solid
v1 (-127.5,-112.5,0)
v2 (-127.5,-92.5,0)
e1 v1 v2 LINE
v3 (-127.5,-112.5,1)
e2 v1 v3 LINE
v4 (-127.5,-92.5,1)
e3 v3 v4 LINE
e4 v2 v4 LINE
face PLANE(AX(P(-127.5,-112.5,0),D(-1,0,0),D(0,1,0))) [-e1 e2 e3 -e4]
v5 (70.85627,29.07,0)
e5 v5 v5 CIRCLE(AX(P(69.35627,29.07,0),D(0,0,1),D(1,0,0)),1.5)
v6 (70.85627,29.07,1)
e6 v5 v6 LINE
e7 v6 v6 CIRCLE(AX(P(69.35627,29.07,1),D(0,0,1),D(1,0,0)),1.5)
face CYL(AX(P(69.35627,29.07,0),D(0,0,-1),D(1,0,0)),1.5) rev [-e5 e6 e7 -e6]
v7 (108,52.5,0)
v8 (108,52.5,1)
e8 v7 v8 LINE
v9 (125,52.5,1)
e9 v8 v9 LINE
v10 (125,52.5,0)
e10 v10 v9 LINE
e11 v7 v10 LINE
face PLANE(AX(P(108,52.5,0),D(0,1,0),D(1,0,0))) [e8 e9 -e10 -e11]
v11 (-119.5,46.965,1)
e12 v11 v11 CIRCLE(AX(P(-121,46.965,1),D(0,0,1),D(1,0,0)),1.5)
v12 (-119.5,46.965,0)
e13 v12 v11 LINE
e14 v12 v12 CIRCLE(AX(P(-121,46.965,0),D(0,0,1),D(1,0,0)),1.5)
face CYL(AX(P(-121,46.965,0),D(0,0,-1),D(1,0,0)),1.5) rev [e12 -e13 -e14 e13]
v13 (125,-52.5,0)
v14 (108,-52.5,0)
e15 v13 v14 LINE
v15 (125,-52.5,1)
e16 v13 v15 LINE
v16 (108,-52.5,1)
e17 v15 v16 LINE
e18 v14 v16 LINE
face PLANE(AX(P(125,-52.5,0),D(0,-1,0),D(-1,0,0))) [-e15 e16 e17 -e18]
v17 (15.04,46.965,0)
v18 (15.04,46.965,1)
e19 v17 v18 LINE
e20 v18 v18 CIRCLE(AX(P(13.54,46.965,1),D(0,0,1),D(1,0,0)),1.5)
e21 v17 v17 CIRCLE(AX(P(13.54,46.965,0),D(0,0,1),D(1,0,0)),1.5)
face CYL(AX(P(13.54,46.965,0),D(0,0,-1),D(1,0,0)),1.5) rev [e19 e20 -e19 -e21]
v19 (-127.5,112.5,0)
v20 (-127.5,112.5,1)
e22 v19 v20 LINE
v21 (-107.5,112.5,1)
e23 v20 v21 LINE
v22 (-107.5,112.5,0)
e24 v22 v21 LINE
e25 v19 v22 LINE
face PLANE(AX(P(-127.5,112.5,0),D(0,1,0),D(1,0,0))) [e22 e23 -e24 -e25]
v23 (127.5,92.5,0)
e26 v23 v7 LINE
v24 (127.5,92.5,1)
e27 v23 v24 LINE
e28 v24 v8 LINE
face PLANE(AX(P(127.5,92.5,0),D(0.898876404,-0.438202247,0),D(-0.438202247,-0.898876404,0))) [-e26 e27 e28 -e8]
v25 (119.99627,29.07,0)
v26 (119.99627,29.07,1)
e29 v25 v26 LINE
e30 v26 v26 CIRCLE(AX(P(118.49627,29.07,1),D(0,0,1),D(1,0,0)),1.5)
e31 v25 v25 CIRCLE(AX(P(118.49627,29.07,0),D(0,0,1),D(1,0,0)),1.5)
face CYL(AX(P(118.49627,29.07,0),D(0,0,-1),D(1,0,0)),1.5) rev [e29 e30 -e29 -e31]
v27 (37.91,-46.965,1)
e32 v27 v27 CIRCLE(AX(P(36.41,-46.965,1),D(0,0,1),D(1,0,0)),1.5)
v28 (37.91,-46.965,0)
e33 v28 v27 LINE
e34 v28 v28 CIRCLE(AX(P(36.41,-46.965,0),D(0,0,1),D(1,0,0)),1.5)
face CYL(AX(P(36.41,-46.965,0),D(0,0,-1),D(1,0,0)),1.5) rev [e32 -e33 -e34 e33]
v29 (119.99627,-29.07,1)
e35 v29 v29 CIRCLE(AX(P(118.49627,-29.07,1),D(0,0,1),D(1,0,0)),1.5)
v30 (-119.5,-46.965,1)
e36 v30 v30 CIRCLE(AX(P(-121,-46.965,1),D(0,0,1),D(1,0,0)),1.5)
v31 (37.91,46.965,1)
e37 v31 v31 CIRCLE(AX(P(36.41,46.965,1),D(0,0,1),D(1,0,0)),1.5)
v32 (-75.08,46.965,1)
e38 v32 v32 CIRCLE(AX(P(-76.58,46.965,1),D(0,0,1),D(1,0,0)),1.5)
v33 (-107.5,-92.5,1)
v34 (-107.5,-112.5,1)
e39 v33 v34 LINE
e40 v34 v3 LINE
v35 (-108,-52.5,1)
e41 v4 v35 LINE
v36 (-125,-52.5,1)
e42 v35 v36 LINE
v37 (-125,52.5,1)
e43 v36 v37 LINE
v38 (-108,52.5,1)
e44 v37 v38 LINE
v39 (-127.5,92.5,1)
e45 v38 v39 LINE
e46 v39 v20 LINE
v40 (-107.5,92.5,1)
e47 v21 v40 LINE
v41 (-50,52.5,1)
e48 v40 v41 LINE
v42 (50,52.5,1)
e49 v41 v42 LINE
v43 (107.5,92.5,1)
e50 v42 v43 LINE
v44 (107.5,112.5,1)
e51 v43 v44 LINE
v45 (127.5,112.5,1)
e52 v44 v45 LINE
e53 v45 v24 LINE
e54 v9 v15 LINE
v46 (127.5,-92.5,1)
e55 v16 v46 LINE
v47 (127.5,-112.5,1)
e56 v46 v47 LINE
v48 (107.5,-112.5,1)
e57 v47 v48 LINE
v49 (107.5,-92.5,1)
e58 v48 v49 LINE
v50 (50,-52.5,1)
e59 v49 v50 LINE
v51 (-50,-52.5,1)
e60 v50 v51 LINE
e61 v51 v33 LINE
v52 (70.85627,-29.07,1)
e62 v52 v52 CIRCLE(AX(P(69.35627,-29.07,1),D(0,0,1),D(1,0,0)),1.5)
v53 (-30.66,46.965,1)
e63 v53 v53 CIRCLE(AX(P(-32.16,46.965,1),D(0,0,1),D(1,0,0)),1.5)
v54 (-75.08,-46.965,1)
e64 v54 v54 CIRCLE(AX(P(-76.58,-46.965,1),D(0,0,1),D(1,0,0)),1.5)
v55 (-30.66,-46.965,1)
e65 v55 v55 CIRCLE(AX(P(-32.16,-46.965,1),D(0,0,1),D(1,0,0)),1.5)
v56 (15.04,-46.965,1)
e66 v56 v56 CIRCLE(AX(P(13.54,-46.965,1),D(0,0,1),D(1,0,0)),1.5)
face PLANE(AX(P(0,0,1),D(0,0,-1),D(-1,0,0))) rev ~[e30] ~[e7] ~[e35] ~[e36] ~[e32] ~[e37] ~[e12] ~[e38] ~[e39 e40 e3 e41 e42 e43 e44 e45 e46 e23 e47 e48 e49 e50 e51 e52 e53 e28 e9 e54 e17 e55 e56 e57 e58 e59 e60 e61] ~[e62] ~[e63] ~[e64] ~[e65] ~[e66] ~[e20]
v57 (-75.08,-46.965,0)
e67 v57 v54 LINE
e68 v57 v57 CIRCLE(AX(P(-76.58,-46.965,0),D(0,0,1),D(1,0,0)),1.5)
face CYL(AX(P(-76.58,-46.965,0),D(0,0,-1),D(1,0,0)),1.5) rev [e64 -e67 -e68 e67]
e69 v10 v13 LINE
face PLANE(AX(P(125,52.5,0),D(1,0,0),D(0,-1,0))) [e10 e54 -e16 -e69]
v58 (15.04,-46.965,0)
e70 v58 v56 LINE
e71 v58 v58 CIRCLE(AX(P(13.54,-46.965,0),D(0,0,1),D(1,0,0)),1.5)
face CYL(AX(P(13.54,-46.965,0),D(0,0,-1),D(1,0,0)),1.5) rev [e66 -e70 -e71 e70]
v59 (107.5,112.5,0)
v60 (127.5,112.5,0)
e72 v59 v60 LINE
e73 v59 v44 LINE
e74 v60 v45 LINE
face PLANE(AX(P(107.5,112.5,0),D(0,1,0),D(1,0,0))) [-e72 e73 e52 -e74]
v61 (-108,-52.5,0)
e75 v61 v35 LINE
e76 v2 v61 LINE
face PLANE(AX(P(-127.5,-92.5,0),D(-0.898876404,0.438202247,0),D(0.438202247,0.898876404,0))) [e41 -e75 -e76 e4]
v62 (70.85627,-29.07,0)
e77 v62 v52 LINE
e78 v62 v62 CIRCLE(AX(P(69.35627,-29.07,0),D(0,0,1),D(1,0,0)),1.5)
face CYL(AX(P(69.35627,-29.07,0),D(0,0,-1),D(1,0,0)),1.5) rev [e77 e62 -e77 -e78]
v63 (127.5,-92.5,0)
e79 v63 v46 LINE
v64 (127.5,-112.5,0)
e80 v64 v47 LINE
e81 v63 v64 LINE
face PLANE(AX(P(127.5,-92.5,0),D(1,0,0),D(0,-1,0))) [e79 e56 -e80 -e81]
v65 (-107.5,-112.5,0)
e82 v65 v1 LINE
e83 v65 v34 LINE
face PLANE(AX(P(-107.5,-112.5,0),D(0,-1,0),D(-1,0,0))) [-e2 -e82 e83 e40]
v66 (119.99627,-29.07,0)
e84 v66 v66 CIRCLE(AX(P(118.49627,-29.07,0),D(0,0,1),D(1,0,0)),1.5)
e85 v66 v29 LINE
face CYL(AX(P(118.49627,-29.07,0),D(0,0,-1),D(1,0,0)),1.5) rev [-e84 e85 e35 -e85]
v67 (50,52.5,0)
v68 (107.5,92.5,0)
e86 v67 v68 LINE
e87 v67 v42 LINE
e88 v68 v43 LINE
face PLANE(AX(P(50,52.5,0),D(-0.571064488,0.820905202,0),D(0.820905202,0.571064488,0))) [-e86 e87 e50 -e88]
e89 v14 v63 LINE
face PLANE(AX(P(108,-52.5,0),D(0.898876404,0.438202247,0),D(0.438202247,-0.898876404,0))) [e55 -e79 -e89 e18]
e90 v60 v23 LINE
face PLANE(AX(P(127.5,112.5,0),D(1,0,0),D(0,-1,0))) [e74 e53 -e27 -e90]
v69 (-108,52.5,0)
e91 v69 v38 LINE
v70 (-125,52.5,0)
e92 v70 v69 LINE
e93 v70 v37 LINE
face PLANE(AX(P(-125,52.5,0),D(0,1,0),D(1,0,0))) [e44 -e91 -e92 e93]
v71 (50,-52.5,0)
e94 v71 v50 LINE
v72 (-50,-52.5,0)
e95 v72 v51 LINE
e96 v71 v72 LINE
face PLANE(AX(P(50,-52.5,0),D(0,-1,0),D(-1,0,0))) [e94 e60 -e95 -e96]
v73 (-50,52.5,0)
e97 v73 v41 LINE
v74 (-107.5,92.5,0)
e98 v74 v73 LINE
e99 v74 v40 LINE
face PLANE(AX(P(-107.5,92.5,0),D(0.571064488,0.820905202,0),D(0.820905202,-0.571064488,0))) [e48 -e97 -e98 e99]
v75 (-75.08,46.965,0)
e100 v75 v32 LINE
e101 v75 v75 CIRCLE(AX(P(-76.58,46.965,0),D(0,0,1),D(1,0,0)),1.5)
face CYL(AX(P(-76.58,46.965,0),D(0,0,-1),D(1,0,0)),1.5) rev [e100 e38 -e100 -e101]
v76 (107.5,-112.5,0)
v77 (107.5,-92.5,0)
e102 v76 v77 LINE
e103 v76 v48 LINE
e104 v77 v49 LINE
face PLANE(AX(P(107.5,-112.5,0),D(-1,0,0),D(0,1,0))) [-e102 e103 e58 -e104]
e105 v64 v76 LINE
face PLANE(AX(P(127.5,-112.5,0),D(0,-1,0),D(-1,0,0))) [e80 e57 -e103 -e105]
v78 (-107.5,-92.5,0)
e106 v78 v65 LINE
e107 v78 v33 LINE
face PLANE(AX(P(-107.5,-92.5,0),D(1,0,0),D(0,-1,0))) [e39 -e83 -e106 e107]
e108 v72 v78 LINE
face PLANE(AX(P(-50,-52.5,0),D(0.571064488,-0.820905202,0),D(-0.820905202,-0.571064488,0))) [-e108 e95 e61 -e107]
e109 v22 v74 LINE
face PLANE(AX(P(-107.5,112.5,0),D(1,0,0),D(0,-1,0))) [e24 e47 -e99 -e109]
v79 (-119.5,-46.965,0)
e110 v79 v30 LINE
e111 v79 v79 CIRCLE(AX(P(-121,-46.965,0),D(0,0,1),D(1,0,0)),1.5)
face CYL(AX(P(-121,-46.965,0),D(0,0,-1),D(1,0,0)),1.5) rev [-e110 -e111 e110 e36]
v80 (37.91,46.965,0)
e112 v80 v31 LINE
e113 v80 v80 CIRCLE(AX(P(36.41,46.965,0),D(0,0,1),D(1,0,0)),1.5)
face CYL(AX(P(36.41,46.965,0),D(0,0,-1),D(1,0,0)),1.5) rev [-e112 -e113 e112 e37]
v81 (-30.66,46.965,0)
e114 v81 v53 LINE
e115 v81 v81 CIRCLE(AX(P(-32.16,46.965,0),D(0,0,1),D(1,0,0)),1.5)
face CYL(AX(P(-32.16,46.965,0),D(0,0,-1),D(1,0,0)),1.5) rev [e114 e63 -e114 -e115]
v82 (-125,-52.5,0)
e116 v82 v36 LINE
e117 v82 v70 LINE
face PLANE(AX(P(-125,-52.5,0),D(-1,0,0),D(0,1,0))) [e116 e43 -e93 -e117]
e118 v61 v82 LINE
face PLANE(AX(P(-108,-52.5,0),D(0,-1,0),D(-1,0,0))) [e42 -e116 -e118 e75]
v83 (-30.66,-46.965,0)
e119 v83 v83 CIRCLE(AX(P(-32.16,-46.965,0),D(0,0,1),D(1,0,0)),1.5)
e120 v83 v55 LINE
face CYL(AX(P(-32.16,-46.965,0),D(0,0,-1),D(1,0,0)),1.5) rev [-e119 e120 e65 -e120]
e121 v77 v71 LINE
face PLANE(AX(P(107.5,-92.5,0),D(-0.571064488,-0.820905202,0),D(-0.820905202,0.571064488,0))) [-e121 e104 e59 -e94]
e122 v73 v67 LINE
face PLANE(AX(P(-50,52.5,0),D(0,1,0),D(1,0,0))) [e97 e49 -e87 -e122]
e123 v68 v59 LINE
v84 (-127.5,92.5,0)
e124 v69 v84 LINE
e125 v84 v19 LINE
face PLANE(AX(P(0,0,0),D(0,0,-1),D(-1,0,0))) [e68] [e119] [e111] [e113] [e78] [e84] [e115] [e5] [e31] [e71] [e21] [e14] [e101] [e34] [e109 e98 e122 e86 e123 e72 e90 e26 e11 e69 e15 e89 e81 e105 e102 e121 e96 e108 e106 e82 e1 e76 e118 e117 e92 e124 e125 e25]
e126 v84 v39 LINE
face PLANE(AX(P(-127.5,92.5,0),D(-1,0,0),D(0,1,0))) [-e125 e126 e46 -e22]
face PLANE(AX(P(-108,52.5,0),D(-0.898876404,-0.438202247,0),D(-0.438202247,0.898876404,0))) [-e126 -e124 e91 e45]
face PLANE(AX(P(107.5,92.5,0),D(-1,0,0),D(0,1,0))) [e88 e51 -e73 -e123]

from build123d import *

# Parameters (mm, degrees)
SKETCH_R  = 1.5
PAD_DEPTH = 1


with BuildPart() as part:
    # Sketch → Pad (new body)
    with BuildSketch(Plane.XY):
        Polygon((-125, 52.5), (-108, 52.5), (-127.5, 92.5), (-127.5, 112.5), (-107.5, 112.5), (-107.5, 92.5), (-50, 52.5), (50, 52.5), (107.5, 92.5), (107.5, 112.5), (127.5, 112.5), (127.5, 92.5), (108, 52.5), (125, 52.5), (125, -52.5), (108, -52.5), (127.5, -92.5), (127.5, -112.5), (107.5, -112.5), (107.5, -92.5), (50, -52.5), (-50, -52.5), (-107.5, -92.5), (-107.5, -112.5), (-127.5, -112.5), (-127.5, -92.5), (-108, -52.5), (-125, -52.5), align=None)
        with Locations((-121, -46.965)):
            Circle(SKETCH_R, mode=Mode.SUBTRACT)
        with Locations((-76.58, -46.965)):
            Circle(SKETCH_R, mode=Mode.SUBTRACT)
        with Locations((-32.16, -46.965)):
            Circle(SKETCH_R, mode=Mode.SUBTRACT)
        with Locations((13.54, -46.965)):
            Circle(SKETCH_R, mode=Mode.SUBTRACT)
        with Locations((36.41, -46.965)):
            Circle(SKETCH_R, mode=Mode.SUBTRACT)
        with Locations((36.41, 46.965)):
            Circle(SKETCH_R, mode=Mode.SUBTRACT)
        with Locations((13.54, 46.965)):
            Circle(SKETCH_R, mode=Mode.SUBTRACT)
        with Locations((-32.16, 46.965)):
            Circle(SKETCH_R, mode=Mode.SUBTRACT)
        with Locations((-76.58, 46.965)):
            Circle(SKETCH_R, mode=Mode.SUBTRACT)
        with Locations((-121, 46.965)):
            Circle(SKETCH_R, mode=Mode.SUBTRACT)
        with Locations((69.35627, 29.07)):
            Circle(SKETCH_R, mode=Mode.SUBTRACT)
        with Locations((118.49627, 29.07)):
            Circle(SKETCH_R, mode=Mode.SUBTRACT)
        with Locations((69.35627, -29.07)):
            Circle(SKETCH_R, mode=Mode.SUBTRACT)
        with Locations((118.49627, -29.07)):
            Circle(SKETCH_R, mode=Mode.SUBTRACT)
    extrude(amount=PAD_DEPTH)


solid = part.part
